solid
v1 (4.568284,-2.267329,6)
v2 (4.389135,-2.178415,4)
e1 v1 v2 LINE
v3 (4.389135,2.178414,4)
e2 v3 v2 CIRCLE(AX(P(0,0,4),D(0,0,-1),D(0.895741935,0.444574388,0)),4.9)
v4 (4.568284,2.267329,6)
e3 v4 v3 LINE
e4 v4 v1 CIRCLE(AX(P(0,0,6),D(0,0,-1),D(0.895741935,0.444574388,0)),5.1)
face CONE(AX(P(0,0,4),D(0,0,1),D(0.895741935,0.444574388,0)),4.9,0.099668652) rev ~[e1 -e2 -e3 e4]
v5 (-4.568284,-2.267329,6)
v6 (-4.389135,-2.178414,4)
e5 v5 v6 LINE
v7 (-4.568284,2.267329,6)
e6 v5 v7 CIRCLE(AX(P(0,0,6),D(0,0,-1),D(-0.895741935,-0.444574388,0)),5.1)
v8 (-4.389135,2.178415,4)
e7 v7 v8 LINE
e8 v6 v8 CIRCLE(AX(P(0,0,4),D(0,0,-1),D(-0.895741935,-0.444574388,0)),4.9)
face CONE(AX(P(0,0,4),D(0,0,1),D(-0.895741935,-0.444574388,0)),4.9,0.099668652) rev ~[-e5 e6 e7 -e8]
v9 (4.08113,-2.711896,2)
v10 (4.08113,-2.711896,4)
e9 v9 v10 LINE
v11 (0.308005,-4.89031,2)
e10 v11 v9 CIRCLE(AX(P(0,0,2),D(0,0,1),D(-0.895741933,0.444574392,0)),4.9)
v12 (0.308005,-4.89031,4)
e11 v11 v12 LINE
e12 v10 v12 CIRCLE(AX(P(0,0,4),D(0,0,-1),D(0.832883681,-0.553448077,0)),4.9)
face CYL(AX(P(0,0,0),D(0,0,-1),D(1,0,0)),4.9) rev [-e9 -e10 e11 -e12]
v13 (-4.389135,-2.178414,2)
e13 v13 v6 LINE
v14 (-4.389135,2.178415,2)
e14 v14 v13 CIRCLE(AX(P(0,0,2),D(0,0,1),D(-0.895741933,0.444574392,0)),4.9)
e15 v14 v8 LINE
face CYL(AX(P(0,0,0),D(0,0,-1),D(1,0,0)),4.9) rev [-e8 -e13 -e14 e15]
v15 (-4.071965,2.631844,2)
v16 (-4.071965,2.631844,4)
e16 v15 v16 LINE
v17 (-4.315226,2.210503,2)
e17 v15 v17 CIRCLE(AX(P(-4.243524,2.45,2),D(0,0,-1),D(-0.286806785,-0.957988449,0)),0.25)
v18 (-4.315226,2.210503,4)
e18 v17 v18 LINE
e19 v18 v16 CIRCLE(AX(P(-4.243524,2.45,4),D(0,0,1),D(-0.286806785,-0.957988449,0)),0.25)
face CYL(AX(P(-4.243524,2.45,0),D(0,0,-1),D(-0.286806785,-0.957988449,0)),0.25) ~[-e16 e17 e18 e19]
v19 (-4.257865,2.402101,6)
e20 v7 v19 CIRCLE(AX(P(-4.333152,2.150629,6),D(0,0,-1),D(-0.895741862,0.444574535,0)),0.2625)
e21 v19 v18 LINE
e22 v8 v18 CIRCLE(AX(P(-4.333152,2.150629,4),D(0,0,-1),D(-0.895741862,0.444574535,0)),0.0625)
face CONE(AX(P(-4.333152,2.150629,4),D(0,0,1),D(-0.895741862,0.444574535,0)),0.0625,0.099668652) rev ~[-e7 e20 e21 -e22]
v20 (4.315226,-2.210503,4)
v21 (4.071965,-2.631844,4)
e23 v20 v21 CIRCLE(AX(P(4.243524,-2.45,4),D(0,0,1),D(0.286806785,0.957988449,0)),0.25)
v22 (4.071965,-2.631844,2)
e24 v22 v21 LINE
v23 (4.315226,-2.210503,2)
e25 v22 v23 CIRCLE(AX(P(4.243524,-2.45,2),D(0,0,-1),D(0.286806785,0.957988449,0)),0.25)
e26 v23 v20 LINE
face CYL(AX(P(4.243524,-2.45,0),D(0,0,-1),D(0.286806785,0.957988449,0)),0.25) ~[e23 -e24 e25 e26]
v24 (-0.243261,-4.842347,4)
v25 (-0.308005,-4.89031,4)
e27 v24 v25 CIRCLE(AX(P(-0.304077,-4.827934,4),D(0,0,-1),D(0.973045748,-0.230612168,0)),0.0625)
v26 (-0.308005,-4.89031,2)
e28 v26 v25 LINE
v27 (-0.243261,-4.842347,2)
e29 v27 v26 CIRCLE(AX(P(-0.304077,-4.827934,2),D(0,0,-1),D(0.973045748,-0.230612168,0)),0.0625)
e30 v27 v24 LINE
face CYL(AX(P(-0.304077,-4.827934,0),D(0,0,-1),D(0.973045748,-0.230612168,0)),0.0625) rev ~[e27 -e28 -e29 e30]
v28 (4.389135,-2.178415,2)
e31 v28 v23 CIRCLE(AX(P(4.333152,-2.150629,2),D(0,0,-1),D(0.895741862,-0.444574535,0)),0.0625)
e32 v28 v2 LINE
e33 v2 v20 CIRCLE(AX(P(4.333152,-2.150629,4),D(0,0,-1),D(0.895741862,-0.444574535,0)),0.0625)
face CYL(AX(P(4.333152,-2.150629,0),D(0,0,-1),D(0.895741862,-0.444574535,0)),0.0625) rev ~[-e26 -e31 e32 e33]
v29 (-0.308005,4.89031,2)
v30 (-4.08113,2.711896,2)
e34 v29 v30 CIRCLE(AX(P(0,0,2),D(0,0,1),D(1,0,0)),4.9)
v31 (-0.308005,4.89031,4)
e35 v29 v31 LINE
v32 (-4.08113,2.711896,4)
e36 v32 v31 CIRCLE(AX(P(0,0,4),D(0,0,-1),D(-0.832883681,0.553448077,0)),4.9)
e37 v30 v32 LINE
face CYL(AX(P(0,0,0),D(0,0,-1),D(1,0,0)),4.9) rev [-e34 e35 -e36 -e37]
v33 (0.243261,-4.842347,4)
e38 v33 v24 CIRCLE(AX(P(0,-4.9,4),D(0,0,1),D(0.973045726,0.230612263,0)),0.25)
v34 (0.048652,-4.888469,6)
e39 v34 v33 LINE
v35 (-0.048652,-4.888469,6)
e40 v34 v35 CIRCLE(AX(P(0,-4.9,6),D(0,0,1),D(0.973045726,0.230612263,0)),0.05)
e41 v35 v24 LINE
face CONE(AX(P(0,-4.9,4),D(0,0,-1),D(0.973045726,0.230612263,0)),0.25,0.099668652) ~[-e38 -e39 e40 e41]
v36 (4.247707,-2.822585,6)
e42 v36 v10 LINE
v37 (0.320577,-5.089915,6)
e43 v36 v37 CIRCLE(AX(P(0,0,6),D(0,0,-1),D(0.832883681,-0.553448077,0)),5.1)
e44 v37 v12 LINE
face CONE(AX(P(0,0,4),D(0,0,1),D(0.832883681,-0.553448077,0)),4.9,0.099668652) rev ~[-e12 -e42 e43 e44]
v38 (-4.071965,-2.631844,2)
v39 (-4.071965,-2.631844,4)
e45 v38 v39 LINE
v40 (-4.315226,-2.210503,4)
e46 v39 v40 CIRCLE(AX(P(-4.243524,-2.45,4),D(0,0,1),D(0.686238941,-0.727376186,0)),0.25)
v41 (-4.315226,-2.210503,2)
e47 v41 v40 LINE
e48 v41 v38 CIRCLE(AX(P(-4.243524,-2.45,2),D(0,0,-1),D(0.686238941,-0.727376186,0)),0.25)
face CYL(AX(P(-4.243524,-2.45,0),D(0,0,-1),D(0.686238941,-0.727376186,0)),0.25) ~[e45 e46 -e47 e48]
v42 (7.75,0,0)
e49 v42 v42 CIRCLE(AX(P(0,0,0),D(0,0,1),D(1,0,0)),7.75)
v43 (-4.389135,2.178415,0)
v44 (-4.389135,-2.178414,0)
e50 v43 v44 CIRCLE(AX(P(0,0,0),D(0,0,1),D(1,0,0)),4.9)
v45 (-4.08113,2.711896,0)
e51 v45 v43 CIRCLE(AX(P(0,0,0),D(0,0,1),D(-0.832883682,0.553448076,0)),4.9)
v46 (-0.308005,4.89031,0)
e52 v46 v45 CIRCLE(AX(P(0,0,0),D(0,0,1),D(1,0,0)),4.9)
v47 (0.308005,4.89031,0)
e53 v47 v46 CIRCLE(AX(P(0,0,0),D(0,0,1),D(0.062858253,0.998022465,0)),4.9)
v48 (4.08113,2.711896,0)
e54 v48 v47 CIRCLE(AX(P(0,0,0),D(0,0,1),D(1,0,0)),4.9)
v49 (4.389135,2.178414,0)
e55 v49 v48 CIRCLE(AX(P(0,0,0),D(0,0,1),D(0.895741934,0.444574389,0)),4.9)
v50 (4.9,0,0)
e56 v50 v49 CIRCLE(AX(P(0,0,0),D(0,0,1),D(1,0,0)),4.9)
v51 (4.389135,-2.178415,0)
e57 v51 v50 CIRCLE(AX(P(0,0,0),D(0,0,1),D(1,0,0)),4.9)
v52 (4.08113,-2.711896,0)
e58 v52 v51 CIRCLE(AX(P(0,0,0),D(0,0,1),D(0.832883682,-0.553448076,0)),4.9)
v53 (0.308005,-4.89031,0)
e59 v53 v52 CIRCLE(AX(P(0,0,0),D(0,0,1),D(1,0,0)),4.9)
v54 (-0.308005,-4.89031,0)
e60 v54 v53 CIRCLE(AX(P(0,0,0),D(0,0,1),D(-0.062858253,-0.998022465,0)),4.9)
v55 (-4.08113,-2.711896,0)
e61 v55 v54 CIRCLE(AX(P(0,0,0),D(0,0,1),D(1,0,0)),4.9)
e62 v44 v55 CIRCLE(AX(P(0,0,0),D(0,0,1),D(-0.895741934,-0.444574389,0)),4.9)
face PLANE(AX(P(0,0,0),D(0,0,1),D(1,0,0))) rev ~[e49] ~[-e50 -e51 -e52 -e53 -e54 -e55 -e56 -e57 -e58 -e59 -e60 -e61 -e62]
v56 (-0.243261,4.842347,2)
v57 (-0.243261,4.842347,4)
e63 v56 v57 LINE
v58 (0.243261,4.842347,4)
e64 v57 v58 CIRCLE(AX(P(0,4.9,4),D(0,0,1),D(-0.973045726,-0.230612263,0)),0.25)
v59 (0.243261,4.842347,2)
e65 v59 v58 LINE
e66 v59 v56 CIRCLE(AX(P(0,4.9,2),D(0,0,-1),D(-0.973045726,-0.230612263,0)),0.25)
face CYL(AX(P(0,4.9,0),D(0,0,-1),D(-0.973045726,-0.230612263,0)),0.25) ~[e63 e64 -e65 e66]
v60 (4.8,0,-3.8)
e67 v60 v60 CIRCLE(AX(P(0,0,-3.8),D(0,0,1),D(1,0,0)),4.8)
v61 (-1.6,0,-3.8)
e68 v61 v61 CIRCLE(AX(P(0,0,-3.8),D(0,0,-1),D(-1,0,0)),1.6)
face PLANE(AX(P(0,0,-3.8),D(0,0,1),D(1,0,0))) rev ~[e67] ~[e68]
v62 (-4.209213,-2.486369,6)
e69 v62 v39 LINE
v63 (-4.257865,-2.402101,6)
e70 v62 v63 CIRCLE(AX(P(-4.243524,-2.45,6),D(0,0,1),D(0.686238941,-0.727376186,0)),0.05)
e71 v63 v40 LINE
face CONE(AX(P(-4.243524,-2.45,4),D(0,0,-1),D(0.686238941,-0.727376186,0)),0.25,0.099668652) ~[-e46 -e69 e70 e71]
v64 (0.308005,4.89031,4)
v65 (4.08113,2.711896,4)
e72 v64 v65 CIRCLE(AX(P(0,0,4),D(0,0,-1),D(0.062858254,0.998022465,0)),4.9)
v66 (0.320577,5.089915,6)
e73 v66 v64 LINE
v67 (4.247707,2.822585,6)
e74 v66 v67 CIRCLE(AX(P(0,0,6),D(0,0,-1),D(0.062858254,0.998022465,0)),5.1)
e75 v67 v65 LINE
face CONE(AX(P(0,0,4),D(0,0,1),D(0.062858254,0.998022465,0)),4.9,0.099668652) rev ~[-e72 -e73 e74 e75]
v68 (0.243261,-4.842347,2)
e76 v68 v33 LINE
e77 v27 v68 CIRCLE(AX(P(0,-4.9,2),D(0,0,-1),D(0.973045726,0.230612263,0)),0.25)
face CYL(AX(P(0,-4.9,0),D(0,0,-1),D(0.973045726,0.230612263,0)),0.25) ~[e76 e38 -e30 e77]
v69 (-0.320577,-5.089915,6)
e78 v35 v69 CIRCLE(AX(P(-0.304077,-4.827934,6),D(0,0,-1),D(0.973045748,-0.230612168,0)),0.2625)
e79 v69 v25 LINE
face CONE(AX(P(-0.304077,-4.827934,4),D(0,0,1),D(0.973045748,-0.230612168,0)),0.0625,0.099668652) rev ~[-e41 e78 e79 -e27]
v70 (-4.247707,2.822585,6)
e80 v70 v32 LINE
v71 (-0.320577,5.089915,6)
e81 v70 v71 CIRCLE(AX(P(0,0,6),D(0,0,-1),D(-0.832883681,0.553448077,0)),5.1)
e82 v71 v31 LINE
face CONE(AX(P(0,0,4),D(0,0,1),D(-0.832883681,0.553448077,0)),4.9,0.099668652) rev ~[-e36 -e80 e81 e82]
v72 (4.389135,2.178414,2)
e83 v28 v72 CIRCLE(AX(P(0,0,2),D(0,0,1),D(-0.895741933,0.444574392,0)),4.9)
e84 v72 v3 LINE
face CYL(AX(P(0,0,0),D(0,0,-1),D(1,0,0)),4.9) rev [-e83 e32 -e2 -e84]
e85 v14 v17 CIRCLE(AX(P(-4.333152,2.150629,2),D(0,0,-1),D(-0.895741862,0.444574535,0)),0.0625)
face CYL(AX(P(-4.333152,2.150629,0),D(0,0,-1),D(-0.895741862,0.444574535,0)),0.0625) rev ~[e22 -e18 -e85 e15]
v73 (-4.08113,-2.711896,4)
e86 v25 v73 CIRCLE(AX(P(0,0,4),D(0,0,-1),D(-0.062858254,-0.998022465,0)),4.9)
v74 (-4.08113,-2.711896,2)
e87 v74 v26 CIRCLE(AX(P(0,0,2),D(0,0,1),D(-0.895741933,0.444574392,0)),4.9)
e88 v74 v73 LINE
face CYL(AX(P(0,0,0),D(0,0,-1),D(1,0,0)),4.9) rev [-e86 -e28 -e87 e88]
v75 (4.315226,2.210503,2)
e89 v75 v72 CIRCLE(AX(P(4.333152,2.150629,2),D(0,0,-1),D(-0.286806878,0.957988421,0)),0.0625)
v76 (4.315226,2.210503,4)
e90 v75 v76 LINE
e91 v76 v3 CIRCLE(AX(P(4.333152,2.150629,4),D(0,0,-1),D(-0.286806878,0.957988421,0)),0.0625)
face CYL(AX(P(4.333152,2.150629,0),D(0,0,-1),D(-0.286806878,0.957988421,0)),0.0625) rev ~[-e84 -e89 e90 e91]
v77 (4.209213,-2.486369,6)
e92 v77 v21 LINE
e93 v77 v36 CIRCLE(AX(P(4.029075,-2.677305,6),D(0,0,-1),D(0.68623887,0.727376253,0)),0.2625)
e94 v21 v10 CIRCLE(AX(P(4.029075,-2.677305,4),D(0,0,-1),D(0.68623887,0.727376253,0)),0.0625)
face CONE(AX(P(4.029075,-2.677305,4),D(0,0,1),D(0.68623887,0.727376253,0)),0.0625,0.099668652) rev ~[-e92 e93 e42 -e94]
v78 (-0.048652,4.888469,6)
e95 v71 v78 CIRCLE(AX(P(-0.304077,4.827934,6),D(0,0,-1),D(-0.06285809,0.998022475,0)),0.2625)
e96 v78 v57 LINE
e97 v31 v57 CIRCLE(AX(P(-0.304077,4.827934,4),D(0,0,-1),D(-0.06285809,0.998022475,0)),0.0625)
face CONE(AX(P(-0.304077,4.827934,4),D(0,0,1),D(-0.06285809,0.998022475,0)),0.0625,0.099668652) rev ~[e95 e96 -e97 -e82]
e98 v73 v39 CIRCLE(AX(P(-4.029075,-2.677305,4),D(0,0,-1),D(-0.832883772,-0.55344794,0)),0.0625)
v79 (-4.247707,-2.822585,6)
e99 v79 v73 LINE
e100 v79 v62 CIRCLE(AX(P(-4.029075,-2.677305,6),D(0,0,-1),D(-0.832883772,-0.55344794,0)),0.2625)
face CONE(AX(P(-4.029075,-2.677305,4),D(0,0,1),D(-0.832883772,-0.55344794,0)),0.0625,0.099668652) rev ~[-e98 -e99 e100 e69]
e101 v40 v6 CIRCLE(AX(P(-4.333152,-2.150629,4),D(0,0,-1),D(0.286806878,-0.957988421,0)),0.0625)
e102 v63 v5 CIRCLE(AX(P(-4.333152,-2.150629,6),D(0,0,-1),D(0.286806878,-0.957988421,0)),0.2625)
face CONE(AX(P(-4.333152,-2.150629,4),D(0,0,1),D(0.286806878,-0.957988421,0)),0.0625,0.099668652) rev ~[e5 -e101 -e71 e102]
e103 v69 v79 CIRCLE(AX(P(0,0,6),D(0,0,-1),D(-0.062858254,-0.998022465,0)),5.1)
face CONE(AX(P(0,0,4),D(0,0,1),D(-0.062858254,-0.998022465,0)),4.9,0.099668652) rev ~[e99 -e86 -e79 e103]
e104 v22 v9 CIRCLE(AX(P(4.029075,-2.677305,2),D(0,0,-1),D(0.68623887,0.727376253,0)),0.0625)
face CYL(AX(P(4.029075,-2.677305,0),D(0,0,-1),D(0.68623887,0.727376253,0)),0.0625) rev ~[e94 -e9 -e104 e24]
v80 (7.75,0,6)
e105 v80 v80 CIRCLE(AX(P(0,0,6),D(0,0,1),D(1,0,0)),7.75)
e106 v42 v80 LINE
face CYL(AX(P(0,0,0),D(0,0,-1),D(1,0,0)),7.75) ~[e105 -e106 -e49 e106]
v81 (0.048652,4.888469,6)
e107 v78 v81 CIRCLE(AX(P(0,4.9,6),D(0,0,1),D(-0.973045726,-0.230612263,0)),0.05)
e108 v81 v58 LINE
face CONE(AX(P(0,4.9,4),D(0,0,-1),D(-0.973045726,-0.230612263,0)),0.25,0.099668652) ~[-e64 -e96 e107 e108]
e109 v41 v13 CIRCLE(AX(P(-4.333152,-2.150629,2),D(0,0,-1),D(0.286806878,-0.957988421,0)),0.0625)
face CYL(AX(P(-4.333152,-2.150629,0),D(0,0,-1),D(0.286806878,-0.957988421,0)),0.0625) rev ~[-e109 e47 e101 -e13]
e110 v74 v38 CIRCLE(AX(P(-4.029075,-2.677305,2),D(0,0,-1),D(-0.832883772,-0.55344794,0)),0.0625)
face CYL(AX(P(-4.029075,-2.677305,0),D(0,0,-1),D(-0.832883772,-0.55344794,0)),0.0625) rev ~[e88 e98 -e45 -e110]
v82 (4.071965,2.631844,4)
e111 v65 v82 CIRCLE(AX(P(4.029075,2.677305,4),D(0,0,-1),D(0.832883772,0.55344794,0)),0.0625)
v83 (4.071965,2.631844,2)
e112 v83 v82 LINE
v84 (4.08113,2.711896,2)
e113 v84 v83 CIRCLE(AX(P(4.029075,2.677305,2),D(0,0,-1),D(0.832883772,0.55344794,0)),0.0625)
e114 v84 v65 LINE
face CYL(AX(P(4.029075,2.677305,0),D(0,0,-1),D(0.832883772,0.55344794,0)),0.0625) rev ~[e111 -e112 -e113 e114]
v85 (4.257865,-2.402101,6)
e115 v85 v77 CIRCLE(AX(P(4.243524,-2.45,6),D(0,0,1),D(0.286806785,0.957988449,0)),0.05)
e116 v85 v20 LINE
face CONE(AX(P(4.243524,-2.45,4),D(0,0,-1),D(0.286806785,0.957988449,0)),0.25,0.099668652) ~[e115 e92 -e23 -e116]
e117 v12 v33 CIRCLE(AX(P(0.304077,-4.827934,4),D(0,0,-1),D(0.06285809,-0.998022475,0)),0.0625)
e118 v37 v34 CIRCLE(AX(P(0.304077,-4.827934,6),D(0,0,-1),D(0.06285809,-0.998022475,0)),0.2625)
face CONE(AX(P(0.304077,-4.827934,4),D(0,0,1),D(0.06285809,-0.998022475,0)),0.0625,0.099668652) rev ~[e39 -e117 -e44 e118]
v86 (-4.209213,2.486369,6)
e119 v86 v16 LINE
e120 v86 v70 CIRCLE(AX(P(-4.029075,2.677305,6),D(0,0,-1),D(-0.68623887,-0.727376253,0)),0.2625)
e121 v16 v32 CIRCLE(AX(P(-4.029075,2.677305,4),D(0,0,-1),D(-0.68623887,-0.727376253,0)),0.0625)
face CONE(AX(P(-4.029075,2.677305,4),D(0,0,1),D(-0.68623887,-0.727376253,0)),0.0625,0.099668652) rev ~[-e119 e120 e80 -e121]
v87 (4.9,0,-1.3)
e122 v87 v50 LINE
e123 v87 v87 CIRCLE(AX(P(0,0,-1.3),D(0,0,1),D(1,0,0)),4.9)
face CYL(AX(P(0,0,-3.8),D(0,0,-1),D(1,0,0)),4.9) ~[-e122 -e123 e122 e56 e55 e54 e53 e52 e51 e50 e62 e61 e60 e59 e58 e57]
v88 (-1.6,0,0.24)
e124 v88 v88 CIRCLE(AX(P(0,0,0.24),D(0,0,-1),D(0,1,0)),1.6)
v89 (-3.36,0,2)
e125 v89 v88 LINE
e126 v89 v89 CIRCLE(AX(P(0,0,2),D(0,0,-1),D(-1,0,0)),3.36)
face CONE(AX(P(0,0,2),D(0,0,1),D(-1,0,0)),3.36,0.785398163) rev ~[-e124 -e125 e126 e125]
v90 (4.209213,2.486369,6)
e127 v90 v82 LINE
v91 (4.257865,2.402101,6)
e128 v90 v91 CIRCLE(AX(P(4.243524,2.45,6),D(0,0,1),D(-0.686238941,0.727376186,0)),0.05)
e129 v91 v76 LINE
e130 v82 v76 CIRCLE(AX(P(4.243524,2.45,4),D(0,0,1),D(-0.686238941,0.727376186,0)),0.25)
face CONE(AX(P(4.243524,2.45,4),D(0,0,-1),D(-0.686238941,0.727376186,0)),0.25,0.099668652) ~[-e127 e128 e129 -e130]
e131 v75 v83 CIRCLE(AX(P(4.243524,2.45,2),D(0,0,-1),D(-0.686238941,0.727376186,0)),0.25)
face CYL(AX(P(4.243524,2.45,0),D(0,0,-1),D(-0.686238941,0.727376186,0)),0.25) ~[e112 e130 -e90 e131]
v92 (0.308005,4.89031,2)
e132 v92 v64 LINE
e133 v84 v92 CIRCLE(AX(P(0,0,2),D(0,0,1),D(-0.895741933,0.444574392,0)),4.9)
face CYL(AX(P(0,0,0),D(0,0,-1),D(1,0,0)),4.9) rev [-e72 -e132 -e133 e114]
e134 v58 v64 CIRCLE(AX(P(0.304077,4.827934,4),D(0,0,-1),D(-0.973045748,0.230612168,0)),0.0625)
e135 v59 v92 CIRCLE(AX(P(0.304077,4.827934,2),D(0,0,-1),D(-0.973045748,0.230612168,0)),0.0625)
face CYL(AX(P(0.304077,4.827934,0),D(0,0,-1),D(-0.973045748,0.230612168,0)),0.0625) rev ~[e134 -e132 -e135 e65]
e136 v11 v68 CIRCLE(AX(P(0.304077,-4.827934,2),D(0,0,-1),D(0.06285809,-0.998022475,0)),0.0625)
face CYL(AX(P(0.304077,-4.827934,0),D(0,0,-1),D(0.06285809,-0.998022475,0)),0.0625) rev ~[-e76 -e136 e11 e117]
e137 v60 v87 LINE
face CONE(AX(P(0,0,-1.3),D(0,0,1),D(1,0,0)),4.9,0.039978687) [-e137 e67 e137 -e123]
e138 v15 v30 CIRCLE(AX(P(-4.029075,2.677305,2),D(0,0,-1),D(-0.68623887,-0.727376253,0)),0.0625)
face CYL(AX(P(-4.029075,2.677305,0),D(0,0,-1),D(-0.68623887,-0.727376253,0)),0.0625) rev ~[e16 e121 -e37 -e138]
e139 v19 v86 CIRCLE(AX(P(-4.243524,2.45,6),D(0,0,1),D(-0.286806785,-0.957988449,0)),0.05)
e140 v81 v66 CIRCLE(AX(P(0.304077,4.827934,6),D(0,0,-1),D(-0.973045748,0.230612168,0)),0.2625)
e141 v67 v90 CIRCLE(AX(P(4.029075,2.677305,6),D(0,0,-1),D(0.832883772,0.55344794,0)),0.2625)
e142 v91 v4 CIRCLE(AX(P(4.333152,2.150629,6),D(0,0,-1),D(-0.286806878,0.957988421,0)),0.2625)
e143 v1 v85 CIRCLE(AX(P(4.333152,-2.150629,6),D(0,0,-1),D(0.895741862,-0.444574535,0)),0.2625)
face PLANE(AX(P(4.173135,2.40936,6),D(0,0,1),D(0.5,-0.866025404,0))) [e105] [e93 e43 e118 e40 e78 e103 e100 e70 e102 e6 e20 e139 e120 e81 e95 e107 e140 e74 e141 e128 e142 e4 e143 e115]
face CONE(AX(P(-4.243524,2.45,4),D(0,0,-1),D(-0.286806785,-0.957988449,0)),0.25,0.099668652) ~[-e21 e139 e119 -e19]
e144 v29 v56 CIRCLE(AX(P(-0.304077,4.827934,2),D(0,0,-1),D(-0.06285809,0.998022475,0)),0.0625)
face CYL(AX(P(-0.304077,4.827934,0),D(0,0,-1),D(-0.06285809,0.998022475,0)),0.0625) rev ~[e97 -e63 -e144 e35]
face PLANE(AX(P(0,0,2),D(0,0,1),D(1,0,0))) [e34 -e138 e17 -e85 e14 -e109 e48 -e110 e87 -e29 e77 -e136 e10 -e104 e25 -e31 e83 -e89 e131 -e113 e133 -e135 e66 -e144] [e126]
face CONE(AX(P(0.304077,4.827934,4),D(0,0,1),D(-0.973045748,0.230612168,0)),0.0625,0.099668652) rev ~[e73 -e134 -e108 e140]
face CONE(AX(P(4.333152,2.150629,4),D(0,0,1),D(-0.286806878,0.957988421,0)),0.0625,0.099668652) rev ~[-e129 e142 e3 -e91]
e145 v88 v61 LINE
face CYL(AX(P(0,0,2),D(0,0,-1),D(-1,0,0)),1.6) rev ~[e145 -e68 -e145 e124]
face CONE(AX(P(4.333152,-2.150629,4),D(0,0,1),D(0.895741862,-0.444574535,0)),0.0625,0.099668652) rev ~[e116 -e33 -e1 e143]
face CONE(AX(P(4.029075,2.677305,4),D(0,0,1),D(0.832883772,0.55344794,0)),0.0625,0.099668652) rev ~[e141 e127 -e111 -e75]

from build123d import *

# Parameters (mm, degrees)
SKETCH1_R                  = 4.9
BOSS_EXTRUDE1_DEPTH        = 2
SKETCH1_3_R                = 7.75
SKETCH1_3_R_2              = 4.9
BOSS_EXTRUDE2_DEPTH        = 6
BOSS_EXTRUDE3_START        = -3.8
SKETCH1_4_R                = 4.9
BOSS_EXTRUDE3_DEPTH        = 3.8
CSK_FOR_SFHCS1_D           = 3.2
CSK_FOR_SFHCS1_CSINK_D     = 6.72
CSK_FOR_SFHCS1_CSINK_ANGLE = 90
BOSS_EXTRUDE4_DEPTH        = 6
CIRPATTERN1_COUNT          = 6
CHAMFER2_SIZE              = 0.2
CHAMFER2_SIZE2             = 2
CHAMFER3_SIZE              = 0.1
CHAMFER3_SIZE2             = 2.5


with BuildPart() as part:
    # Sketch1 → Boss-Extrude1 (new body)
    with BuildSketch(Plane.XY):
        Circle(SKETCH1_R)
    extrude(amount=BOSS_EXTRUDE1_DEPTH)

    # Sketch1<3> → Boss-Extrude2 (add)
    with BuildSketch(Plane.XY):
        Circle(SKETCH1_3_R)
        Circle(SKETCH1_3_R_2, mode=Mode.SUBTRACT)
    extrude(amount=BOSS_EXTRUDE2_DEPTH)

    # Sketch1<4> → Boss-Extrude3 (add)
    with BuildSketch(Plane.XY.offset(BOSS_EXTRUDE3_START)):
        Circle(SKETCH1_4_R)
    extrude(amount=BOSS_EXTRUDE3_DEPTH)

    # CSK for  SFHCS1 (through all)
    with Locations(Plane.XY.offset(2)):
        with Locations((0, 0)):
            CounterSinkHole(CSK_FOR_SFHCS1_D / 2, CSK_FOR_SFHCS1_CSINK_D / 2, counter_sink_angle=CSK_FOR_SFHCS1_CSINK_ANGLE)

    # Sketch1<5> → Boss-Extrude4 (add)
    with BuildSketch(Plane.XY):
        with BuildLine():
            ThreePointArc((0.243261431, 4.842346934), (0.266872757, 4.878154286), (0.308005444, 4.890310077))
            ThreePointArc((0.308005444, 4.890310077), (1.2e-08, 4.9), (-0.308005421, 4.890310078))
            ThreePointArc((-0.308005421, 4.890310078), (-0.266872748, 4.878154279), (-0.243261431, 4.842346934))
            ThreePointArc((-0.243261431, 4.842346934), (0, 4.65), (0.243261431, 4.842346934))
        make_face()
    boss_extrude4 = extrude(amount=BOSS_EXTRUDE4_DEPTH)

    # CirPattern1: Boss-Extrude4 ×6 about axis
    cirpattern1_axis = Axis((0, 0, 0), (0, 0, 1))
    for i in range(1, CIRPATTERN1_COUNT):
        add(boss_extrude4.rotate(cirpattern1_axis, i * 360 / CIRPATTERN1_COUNT))

    # Chamfer2
    chamfer2_edges = [part.edges().sort_by_distance(p)[0] for p in [
        (-4.091169155, -2.670195719, 6),
        (-4.358041914, -2.207958555, 6),
        (-4.027018128, -2.325, 6),
        (2.44999999, -4.243524484, 6),
        (0.266872748, -4.878154279, 6),
        (-0.266872757, -4.878154286, 6),
        (0, -4.65, 6),
        (4.9, -1.2e-08, 6),
        (4.358041903, -2.20795856, 6),
        (4.091169156, -2.67019573, 6),
        (4.027018128, -2.325, 6),
        (2.45000001, 4.243524473, 6),
        (4.091169155, 2.670195719, 6),
        (4.358041914, 2.207958555, 6),
        (4.027018128, 2.325, 6),
        (-2.44999999, 4.243524484, 6),
        (-0.266872748, 4.878154279, 6),
        (0.266872757, 4.878154286, 6),
        (0, 4.65, 6),
        (-4.9, 1.2e-08, 6),
        (-4.358041903, 2.20795856, 6),
        (-4.091169156, 2.67019573, 6),
        (-4.027018128, 2.325, 6),
        (-2.45000001, -4.243524473, 6),
    ]]
    chamfer2_side = [part.faces().sort_by_distance(p)[0] for p in [
        (-7.530796898, 0, 6),
    ]]
    chamfer(chamfer2_edges, length=CHAMFER2_SIZE, length2=CHAMFER2_SIZE2, reference=chamfer2_side[0])

    # Chamfer3
    chamfer3_edges = [part.edges().sort_by_distance(p)[0] for p in [
        (-4.9, 0, -3.8),
    ]]
    chamfer3_side = [part.faces().sort_by_distance(p)[0] for p in [
        (-4.761407071, 0, -3.8),
    ]]
    chamfer(chamfer3_edges, length=CHAMFER3_SIZE, length2=CHAMFER3_SIZE2, reference=chamfer3_side[0])


solid = part.part
